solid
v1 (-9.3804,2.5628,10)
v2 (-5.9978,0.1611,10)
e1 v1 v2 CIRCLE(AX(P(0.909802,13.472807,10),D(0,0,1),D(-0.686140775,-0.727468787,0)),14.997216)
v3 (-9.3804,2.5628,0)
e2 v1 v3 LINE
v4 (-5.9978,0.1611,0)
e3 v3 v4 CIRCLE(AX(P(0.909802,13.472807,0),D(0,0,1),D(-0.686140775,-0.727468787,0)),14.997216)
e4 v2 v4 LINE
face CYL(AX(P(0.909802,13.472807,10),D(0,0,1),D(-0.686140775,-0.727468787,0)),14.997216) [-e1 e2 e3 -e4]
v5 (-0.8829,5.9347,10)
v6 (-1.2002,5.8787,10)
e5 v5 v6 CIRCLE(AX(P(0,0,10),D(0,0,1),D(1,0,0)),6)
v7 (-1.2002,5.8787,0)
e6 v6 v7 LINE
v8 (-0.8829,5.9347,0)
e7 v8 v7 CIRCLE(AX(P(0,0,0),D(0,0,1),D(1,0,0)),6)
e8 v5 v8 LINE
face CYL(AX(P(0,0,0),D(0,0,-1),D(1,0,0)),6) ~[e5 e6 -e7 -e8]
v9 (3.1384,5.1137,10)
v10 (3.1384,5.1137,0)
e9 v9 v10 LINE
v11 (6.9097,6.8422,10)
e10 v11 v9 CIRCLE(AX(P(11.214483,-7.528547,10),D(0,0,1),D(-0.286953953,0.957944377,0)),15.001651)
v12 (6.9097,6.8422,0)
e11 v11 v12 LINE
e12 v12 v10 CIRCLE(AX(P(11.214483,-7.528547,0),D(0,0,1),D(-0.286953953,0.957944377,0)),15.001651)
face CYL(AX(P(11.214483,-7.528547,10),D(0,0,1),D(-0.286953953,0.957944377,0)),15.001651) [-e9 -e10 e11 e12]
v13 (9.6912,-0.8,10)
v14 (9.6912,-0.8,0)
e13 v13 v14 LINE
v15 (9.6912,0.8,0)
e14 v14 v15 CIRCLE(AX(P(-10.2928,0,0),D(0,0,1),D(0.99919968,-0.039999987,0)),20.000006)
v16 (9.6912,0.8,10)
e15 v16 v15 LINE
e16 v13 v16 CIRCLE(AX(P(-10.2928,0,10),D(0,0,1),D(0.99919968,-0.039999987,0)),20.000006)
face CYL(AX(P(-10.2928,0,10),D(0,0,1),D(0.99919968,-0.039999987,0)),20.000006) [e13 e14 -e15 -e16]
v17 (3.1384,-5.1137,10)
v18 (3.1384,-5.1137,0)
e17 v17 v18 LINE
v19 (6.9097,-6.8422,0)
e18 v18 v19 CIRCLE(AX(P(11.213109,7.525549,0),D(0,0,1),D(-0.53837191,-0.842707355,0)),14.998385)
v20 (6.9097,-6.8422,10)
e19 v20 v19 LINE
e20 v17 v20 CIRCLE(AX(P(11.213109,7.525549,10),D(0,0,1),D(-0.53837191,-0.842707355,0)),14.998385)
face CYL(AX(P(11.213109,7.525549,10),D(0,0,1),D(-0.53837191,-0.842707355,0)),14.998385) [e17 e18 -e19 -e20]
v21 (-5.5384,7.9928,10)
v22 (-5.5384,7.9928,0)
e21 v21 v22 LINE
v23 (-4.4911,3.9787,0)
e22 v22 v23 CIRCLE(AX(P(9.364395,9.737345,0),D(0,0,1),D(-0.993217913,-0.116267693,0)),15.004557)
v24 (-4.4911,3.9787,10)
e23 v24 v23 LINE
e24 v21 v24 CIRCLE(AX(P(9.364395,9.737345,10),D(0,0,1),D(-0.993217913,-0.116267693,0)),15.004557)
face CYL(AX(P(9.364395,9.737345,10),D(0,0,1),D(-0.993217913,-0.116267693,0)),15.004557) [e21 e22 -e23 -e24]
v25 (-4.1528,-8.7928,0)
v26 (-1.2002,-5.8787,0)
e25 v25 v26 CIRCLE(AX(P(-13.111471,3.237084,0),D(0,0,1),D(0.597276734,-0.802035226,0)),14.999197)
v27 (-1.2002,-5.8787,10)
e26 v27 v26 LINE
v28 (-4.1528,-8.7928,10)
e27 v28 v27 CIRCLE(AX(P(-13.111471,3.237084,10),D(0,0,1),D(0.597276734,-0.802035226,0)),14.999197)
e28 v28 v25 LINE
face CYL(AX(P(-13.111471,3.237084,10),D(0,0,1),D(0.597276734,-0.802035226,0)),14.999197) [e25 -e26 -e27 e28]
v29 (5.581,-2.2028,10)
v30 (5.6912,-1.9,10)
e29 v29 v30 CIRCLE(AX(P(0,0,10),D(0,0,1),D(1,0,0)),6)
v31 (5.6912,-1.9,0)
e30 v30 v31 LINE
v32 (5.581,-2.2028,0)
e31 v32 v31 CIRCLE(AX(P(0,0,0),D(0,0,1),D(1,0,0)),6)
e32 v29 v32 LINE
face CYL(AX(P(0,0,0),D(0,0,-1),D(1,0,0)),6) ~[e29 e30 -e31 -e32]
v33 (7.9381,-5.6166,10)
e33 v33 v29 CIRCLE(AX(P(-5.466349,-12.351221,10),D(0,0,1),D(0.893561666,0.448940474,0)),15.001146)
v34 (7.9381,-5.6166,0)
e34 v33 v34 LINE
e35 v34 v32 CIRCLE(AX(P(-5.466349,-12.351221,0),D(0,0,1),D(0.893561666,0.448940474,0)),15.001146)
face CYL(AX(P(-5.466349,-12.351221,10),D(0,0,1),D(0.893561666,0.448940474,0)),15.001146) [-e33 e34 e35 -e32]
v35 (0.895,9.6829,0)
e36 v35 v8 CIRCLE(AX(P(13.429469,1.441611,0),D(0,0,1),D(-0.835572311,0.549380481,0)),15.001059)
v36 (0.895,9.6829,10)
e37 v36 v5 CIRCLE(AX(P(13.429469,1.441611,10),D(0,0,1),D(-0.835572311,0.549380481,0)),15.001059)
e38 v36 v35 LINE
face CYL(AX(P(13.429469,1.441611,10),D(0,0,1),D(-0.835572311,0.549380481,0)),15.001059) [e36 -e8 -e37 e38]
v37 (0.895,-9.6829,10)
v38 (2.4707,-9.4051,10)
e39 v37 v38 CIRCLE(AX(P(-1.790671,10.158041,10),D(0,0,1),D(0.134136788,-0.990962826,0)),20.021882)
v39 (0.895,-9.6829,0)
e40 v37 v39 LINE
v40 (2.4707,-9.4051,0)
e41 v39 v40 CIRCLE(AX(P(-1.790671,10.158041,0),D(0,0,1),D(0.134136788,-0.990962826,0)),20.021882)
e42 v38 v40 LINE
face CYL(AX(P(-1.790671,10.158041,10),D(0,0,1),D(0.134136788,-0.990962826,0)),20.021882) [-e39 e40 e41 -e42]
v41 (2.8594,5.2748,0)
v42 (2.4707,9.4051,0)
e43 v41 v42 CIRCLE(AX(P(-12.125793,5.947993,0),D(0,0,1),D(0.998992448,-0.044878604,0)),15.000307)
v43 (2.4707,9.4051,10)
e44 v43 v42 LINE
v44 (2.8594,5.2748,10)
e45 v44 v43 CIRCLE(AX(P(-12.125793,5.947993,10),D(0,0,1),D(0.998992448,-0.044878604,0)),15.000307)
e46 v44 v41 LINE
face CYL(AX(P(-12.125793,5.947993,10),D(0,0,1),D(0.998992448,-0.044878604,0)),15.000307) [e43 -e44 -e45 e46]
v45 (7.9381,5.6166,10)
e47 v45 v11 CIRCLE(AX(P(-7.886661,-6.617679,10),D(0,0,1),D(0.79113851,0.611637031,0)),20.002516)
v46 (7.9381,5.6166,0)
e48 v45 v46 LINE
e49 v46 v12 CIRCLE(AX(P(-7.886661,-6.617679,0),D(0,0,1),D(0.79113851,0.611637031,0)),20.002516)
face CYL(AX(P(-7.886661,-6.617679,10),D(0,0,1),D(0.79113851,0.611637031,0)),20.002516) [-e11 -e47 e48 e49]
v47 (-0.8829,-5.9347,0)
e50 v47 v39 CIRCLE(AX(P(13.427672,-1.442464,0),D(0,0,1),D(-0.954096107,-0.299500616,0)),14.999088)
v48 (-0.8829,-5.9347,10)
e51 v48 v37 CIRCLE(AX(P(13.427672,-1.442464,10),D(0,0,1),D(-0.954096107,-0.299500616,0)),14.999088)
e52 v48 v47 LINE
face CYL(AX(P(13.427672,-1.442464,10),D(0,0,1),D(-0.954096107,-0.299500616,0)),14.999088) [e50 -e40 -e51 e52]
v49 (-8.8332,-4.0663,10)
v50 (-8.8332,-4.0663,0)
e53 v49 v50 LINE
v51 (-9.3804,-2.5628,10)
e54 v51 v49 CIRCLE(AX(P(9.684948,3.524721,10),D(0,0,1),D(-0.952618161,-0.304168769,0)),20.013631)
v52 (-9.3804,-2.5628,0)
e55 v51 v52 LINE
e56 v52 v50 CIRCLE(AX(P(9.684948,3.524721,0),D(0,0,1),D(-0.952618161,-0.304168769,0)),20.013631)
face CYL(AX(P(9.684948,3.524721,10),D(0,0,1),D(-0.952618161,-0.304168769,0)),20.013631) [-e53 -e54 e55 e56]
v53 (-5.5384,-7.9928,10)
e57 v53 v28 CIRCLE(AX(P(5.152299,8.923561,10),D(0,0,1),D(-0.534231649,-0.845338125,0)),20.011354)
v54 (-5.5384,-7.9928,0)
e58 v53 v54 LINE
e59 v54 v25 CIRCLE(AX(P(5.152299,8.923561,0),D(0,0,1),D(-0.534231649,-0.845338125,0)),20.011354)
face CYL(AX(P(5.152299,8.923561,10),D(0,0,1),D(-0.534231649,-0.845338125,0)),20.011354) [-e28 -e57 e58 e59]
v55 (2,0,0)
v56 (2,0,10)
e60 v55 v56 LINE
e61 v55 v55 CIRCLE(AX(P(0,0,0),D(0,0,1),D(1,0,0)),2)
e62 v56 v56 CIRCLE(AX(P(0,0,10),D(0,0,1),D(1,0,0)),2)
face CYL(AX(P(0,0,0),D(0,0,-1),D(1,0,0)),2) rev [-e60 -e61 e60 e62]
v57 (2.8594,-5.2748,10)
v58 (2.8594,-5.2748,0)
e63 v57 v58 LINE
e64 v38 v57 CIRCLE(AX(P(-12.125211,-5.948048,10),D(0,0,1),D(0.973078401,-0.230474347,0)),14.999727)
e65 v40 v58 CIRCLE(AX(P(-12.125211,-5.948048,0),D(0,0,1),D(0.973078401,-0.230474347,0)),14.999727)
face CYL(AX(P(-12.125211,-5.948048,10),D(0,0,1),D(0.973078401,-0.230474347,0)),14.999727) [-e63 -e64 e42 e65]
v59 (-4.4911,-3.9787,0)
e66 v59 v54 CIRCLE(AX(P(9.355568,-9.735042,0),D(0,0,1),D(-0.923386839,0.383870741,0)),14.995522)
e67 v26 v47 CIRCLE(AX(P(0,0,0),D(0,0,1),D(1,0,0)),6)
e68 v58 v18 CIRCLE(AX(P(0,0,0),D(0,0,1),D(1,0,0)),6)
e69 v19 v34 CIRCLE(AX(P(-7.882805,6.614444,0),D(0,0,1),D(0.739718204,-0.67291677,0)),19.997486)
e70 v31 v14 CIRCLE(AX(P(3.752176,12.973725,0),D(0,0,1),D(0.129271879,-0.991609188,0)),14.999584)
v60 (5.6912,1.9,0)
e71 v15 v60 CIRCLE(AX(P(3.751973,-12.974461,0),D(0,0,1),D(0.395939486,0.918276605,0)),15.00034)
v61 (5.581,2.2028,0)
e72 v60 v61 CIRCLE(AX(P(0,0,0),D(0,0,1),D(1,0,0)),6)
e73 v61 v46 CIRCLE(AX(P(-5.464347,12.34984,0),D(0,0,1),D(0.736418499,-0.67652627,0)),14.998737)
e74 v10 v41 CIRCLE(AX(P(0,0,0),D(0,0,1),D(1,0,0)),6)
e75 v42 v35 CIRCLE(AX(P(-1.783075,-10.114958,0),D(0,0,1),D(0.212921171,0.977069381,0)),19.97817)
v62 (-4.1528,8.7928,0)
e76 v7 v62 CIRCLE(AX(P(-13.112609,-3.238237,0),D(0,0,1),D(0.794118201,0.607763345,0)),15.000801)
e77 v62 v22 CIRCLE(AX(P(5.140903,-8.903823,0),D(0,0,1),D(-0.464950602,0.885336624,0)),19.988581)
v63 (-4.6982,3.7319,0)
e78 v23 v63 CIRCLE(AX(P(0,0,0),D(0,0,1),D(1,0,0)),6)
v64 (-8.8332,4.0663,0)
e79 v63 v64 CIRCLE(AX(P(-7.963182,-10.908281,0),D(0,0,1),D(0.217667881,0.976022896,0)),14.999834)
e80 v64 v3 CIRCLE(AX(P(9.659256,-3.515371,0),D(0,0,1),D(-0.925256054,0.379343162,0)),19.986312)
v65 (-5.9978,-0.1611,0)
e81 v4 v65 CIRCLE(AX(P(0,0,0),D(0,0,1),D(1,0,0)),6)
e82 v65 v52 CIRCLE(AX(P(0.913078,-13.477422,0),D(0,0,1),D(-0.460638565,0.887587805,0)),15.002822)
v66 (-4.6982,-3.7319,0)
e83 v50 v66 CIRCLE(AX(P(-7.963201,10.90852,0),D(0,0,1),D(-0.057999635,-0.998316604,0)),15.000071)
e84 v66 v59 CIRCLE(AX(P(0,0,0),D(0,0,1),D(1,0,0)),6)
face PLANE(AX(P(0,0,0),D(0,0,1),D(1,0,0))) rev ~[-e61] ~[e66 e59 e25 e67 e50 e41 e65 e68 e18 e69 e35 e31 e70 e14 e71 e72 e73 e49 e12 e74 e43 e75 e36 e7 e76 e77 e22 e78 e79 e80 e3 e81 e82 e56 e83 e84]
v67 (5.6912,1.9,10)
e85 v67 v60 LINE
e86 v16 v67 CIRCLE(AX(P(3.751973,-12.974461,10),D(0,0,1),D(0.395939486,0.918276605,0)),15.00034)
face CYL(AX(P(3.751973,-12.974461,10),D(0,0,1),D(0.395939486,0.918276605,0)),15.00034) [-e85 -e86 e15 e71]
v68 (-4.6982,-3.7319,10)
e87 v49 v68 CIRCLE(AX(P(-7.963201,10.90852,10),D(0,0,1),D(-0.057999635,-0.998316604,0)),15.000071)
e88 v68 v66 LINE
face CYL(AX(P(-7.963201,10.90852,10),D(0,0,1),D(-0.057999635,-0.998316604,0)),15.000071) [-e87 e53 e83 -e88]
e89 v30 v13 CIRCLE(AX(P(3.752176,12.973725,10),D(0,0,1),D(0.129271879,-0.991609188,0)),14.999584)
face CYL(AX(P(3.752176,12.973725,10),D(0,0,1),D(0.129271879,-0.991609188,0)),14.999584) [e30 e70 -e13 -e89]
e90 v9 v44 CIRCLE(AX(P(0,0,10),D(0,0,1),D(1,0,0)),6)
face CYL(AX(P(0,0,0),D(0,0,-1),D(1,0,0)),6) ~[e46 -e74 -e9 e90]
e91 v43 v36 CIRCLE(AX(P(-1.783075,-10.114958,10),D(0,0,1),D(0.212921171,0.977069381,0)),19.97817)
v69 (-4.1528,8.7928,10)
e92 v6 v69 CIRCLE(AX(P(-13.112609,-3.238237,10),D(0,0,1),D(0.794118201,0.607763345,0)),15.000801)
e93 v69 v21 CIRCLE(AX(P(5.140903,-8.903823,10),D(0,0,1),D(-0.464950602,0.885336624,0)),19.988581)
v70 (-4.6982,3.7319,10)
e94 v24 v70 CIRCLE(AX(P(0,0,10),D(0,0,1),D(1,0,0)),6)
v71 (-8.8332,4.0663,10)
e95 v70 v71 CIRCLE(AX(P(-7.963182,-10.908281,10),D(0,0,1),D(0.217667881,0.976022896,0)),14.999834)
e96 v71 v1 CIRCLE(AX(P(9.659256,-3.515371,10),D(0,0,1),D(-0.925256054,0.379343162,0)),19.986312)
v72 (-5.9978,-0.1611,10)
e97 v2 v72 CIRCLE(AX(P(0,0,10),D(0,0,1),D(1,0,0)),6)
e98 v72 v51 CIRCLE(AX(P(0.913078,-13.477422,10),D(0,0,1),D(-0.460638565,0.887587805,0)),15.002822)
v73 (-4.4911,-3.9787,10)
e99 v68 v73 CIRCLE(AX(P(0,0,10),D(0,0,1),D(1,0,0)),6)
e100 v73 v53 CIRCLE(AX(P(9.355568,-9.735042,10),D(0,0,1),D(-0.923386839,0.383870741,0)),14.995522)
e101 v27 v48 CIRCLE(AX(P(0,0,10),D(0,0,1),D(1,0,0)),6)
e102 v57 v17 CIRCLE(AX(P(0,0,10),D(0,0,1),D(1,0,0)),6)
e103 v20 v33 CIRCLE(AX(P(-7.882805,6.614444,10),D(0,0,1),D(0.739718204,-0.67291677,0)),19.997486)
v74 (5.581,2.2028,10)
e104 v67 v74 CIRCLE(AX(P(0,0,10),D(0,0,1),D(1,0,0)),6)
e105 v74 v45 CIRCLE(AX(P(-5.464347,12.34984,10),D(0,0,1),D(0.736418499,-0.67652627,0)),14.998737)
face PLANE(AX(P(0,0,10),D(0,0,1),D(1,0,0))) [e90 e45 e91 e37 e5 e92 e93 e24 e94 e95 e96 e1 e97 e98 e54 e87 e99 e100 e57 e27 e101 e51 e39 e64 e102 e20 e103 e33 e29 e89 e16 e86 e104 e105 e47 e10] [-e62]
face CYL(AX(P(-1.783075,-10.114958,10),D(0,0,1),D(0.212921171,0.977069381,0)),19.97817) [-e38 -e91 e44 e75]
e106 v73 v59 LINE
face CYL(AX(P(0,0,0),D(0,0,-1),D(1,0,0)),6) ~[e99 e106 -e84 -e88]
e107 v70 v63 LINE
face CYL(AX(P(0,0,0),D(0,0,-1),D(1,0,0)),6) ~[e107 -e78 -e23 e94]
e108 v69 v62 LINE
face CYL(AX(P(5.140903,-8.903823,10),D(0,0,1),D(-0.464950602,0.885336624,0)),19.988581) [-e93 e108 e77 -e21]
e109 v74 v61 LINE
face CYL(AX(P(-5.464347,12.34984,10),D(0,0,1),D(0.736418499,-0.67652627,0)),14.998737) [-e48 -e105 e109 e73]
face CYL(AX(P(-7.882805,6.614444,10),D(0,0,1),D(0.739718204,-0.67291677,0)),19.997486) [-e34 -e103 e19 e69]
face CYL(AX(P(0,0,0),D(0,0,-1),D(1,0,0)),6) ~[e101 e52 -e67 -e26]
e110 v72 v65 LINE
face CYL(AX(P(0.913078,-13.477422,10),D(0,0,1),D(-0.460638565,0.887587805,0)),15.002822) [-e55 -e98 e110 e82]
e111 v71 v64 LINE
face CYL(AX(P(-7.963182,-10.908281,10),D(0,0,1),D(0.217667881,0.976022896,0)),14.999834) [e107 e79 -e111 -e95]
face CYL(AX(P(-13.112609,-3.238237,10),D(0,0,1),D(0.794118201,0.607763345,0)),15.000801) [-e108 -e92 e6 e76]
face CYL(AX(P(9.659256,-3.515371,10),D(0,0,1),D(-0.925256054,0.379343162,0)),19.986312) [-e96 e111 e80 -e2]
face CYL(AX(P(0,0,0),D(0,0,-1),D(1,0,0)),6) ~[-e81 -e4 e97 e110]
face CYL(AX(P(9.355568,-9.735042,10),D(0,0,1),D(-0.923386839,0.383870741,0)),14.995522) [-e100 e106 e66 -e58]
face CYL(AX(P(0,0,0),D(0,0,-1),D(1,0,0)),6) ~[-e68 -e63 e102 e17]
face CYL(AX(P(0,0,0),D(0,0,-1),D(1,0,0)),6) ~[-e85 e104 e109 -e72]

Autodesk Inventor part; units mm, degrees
ref_plane "YZ Plane" through (0, 0, 0) normal (1, 0, 0) x (0, 1, 0)
ref_plane "XZ Plane" through (0, 0, 0) normal (0, 1, 0) x (-1, 0, 0)
ref_plane "XY Plane" through (0, 0, 0) normal (0, 0, 1) x (1, 0, 0)
sketch "Sketch1" plane through (0, 0, 0) normal (0, 0, 1) x (1, 0, 0)
  circle A0 centre (0, 0) radius 6
  circle A1 centre (0, 0) radius 2
  dimension "d0" = 12
  dimension "d1" = 4
extrude "Extrusion1" add sketch "Sketch1" along normal blind 10
sketch "Sketch3" plane through (0, 0, 10) normal (0, 0, 1) x (1, 0, 0)
  line L0 (0, 0) -> (25, 0) construction
  arc A0 (9.6912, 0.8) -> (5.6912, 1.9) centre (3.7521, -12.9741) ccw
  circle A1 centre (0, 0) radius 6 projected
  arc A2 (9.6912, -0.8) -> (9.6912, 0.8) centre (-10.2928, 0) ccw
  arc A3 (5.6912, -1.9) -> (9.6912, -0.8) centre (3.7521, 12.9741) ccw
  arc A4 (5.6912, -1.9) -> (5.6912, 1.9) centre (0, 0) ccw
  arc A5 (6.9097, 6.8422) -> (3.1384, 5.1137) centre (11.2139, -7.527) ccw
  arc A6 (7.9381, 5.6166) -> (6.9097, 6.8422) centre (-7.8847, -6.6161) ccw
  arc A7 (5.581, 2.2028) -> (7.9381, 5.6166) centre (-5.4653, 12.3506) ccw
  arc A8 (5.581, 2.2028) -> (3.1384, 5.1137) centre (0, 0) ccw
  arc A9 (0.895, 9.6829) -> (-0.8829, 5.9347) centre (13.4286, 1.4421) ccw
  arc A10 (2.4707, 9.4051) -> (0.895, 9.6829) centre (-1.7873, -10.1364) ccw
  arc A11 (2.8594, 5.2748) -> (2.4707, 9.4051) centre (-12.1255, 5.948) ccw
  arc A12 (2.8594, 5.2748) -> (-0.8829, 5.9347) centre (0, 0) ccw
  arc A13 (-5.5384, 7.9928) -> (-4.4911, 3.9787) centre (9.3599, 9.7365) ccw
  arc A14 (-4.1528, 8.7928) -> (-5.5384, 7.9928) centre (5.1464, -8.9138) ccw
  arc A15 (-1.2002, 5.8787) -> (-4.1528, 8.7928) centre (-13.112, -3.2377) ccw
  arc A16 (-1.2002, 5.8787) -> (-4.4911, 3.9787) centre (0, 0) ccw
  arc A17 (-9.3804, 2.5628) -> (-5.9978, 0.1611) centre (0.9116, 13.475) ccw
  arc A18 (-8.8332, 4.0663) -> (-9.3804, 2.5628) centre (9.672, -3.5203) ccw
  arc A19 (-4.6982, 3.7319) -> (-8.8332, 4.0663) centre (-7.9632, -10.9084) ccw
  arc A20 (-4.6982, 3.7319) -> (-5.9978, 0.1611) centre (0, 0) ccw
  arc A21 (-8.8332, -4.0663) -> (-4.6982, -3.7319) centre (-7.9632, 10.9084) ccw
  arc A22 (-9.3804, -2.5628) -> (-8.8332, -4.0663) centre (9.672, 3.5203) ccw
  arc A23 (-5.9978, -0.1611) -> (-9.3804, -2.5628) centre (0.9116, -13.475) ccw
  arc A24 (-5.9978, -0.1611) -> (-4.6982, -3.7319) centre (0, 0) ccw
  arc A25 (-4.1528, -8.7928) -> (-1.2002, -5.8787) centre (-13.112, 3.2377) ccw
  arc A26 (-5.5384, -7.9928) -> (-4.1528, -8.7928) centre (5.1464, 8.9138) ccw
  arc A27 (-4.4911, -3.9787) -> (-5.5384, -7.9928) centre (9.3599, -9.7365) ccw
  arc A28 (-4.4911, -3.9787) -> (-1.2002, -5.8787) centre (0, 0) ccw
  arc A29 (2.4707, -9.4051) -> (2.8594, -5.2748) centre (-12.1255, -5.948) ccw
  arc A30 (0.895, -9.6829) -> (2.4707, -9.4051) centre (-1.7873, 10.1364) ccw
  arc A31 (-0.8829, -5.9347) -> (0.895, -9.6829) centre (13.4286, -1.4421) ccw
  arc A32 (-0.8829, -5.9347) -> (2.8594, -5.2748) centre (0, 0) ccw
  arc A33 (7.9381, -5.6166) -> (5.581, -2.2028) centre (-5.4653, -12.3506) ccw
  arc A34 (6.9097, -6.8422) -> (7.9381, -5.6166) centre (-7.8847, 6.6161) ccw
  arc A35 (3.1384, -5.1137) -> (6.9097, -6.8422) centre (11.2139, 7.527) ccw
  arc A36 (3.1384, -5.1137) -> (5.581, -2.2028) centre (0, 0) ccw
  point P0 (9.7072, 0)
  point P1 (7.4362, 6.2397)
  point P2 (1.6856, 9.5598)
  point P3 (-4.8536, 8.4067)
  point P4 (-9.1218, 3.3201)
  point P5 (-9.1218, -3.3201)
  point P6 (-4.8536, -8.4067)
  point P7 (1.6856, -9.5598)
  point P8 (7.4362, -6.2397)
  dimension "d8" = 25
  dimension "d9" = 15
  dimension "d10" = 1.6
  dimension "d11" = 20
  dimension "d12" = 4
  dimension "d13" = 1.1
  dimension "d14" = 15
  dimension "d15" = 1.1
  dimension "d16" = 4
  dimension "d19" = 360
extrude "Extrusion3" add sketch "Sketch3" against normal blind 10 contours A2 A3 A1 A0 | A1 A5 A6 A7 | A33 A34 A35 A1 | A1 A9 A10 A11 | A29 A30 A31 A1 | A1 A13 A14 A15 | A25 A26 A27 A1 | A1 A17 A18 A19 | A21 A22 A23 A1
properties part number "GA002" material "ABS Plastic"
